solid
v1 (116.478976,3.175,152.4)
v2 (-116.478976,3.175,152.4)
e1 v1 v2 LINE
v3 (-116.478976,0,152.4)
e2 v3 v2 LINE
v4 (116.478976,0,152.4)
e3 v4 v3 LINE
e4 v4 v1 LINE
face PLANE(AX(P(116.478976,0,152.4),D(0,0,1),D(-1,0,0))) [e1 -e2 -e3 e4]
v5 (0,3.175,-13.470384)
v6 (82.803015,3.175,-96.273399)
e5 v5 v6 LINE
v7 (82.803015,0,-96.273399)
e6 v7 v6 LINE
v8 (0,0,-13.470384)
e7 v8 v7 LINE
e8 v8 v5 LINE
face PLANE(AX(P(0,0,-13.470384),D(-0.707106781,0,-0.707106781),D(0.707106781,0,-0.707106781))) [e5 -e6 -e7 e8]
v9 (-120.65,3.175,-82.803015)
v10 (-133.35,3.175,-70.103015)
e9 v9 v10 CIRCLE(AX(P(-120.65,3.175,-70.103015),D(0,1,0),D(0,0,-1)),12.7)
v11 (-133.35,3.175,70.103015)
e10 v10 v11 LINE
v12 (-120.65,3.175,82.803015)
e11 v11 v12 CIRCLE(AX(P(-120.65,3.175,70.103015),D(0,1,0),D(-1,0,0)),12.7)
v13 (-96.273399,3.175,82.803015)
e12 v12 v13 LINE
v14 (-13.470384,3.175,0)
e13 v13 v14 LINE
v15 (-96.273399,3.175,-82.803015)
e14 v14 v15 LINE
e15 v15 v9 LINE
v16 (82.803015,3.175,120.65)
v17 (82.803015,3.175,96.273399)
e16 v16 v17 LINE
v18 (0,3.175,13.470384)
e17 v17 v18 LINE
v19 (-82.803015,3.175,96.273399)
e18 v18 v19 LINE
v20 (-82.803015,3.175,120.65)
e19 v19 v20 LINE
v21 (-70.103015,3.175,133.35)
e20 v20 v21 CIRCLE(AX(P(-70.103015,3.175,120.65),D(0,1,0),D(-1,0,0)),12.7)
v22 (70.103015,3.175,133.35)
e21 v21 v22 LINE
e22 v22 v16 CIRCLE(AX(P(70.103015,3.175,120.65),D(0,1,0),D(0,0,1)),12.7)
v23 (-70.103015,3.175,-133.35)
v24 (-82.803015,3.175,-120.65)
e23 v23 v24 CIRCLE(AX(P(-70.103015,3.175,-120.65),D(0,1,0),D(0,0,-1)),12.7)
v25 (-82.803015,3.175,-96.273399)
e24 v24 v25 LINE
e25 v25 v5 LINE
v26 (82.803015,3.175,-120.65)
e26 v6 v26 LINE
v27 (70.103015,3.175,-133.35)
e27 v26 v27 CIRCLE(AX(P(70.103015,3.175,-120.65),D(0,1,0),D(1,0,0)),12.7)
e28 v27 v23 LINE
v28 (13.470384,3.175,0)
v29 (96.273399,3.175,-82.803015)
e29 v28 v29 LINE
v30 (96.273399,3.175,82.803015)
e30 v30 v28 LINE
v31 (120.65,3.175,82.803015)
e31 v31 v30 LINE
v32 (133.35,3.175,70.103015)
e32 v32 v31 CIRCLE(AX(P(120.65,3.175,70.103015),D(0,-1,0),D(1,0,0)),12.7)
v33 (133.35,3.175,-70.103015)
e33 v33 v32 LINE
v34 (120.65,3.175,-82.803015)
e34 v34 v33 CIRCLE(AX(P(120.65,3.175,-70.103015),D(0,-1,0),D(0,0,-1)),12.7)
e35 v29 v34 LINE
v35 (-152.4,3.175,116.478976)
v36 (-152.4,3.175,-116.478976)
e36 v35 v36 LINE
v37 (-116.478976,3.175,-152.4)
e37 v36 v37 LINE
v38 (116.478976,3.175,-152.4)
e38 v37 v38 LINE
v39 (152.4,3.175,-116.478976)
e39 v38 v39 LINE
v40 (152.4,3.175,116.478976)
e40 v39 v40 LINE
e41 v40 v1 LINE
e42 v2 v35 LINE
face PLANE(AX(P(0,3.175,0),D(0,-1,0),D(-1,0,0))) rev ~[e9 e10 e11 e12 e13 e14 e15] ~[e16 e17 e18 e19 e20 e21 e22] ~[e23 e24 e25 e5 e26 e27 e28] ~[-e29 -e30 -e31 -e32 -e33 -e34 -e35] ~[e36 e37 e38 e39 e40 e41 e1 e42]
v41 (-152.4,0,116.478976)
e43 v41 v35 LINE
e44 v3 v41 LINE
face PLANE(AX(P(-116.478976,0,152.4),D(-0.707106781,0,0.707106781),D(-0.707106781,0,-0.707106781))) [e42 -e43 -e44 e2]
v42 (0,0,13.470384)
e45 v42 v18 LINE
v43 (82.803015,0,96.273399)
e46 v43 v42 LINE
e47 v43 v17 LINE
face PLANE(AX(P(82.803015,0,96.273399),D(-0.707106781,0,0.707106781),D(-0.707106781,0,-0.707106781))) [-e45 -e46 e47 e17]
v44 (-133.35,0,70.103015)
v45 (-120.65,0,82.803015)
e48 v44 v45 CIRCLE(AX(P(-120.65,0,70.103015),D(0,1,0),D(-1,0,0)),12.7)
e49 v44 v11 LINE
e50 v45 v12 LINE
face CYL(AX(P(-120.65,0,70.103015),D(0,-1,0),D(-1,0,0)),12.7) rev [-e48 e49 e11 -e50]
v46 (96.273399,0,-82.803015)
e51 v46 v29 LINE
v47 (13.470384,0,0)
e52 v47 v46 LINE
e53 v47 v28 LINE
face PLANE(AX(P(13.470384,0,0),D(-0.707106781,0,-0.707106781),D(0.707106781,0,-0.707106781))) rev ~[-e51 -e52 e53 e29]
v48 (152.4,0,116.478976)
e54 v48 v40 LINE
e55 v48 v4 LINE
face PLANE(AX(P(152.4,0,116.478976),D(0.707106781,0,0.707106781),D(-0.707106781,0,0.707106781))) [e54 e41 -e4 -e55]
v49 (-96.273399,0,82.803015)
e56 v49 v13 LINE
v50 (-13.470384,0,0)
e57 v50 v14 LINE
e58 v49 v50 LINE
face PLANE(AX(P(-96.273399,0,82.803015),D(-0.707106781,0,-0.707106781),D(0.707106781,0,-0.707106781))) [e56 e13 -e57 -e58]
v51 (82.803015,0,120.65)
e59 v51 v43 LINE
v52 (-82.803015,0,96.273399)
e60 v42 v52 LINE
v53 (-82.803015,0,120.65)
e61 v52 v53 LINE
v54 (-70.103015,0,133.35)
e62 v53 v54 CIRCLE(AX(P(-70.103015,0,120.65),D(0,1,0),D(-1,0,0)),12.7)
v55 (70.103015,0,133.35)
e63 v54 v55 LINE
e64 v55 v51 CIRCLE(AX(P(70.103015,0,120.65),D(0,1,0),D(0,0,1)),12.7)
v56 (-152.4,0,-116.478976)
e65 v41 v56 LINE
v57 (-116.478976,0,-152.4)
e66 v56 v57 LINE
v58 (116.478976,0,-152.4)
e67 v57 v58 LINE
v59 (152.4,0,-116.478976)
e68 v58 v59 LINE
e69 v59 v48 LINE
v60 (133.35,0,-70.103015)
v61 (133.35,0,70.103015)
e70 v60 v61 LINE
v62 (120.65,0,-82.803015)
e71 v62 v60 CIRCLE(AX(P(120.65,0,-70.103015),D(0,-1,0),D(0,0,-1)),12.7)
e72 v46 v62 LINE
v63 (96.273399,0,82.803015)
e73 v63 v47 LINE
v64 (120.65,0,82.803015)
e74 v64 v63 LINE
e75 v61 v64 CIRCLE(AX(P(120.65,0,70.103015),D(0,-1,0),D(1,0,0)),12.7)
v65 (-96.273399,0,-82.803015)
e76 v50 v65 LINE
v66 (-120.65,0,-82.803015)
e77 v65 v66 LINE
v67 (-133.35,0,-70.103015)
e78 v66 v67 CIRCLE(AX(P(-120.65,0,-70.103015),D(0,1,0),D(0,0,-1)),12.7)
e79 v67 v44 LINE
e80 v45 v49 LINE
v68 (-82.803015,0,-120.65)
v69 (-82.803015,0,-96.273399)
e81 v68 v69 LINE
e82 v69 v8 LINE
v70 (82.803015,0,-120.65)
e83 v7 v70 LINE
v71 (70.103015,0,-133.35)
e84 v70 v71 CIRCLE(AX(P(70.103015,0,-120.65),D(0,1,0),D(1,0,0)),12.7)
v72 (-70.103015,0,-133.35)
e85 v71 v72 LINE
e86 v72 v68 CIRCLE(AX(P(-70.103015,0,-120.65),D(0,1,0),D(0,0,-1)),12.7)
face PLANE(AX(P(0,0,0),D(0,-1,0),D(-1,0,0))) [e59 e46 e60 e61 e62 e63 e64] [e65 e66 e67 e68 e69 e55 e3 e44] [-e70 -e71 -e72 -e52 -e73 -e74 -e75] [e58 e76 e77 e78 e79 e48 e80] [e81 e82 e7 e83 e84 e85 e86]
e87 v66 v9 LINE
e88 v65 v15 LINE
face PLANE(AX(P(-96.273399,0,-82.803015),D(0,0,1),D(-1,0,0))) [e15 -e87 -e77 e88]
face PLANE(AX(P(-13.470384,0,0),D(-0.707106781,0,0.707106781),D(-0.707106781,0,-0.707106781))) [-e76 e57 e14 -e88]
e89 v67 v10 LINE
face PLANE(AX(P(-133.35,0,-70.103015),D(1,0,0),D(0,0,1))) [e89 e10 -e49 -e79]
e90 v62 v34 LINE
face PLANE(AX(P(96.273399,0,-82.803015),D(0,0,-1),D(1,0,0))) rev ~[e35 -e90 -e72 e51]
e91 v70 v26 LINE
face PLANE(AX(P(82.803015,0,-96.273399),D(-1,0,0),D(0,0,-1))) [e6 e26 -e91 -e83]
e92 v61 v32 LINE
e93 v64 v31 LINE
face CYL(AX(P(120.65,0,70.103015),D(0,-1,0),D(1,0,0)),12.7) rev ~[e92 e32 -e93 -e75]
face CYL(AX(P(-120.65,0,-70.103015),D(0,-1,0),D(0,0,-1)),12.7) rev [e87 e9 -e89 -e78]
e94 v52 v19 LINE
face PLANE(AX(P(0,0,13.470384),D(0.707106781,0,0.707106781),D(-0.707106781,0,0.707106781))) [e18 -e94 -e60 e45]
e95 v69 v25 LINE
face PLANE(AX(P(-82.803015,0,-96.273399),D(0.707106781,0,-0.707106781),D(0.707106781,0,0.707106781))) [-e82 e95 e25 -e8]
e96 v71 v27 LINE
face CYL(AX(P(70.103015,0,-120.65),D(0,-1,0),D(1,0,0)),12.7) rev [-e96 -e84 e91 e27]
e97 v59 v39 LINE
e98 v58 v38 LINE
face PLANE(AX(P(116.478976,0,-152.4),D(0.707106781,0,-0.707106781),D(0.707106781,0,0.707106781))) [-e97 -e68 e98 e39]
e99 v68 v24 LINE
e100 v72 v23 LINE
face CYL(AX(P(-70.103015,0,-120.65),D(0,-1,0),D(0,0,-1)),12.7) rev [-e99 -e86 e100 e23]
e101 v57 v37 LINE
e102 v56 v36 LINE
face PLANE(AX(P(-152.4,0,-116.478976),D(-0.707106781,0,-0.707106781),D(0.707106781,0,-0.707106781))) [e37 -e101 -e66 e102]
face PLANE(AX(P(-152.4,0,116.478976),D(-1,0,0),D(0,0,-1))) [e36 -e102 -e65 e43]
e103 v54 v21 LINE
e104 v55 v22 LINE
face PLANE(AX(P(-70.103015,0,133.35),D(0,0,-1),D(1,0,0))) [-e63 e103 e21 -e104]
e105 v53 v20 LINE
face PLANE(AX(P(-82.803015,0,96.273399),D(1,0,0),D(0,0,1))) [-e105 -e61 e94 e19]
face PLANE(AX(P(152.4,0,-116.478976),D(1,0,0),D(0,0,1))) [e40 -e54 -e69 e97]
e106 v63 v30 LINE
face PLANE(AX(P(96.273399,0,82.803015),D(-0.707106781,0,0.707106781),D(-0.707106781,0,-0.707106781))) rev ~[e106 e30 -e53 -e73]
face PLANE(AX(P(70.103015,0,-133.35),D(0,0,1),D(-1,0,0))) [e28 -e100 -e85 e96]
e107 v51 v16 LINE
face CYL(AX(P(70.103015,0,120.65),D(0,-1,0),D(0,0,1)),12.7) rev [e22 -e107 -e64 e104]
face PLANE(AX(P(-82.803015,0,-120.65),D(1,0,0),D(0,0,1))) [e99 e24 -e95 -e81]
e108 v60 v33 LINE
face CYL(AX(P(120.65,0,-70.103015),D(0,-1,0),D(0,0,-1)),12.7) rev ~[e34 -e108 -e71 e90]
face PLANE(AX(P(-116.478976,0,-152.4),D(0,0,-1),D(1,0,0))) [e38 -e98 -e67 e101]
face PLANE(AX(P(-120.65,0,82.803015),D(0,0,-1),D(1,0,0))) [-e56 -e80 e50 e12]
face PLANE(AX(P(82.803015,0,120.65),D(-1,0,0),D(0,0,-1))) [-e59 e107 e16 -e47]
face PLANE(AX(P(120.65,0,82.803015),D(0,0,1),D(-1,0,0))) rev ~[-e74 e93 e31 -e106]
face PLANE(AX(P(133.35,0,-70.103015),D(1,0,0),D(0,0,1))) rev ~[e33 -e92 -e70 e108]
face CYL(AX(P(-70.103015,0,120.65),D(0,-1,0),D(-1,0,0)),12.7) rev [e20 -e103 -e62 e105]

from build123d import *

# Parameters (mm, degrees)
BOSS_EXTRUDE1_DEPTH = 3.175


with BuildPart() as part:
    # Sketch2 → Boss-Extrude1 (new body)
    with BuildSketch(Plane(origin=(0, 0, 0), x_dir=(1, 0, 0), z_dir=(0, 1, 0))):
        Polygon((-152.4, 116.478975516), (-116.478975516, 152.4), (116.478975516, 152.4), (152.4, 116.478975516), (152.4, -116.478975516), (116.478975516, -152.4), (-116.478975516, -152.4), (-152.4, -116.478975516), align=None)
        with BuildLine():
            Line((-82.803015062, 96.273399243), (0, 13.470384182))
            Line((0, 13.470384182), (82.803015062, 96.273399243))
            Line((82.803015062, 96.273399243), (82.803015062, 120.65))
            ThreePointArc((82.803015062, 120.65), (79.083271183, 129.630256121), (70.103015062, 133.35))
            Line((70.103015062, 133.35), (-70.103015062, 133.35))
            ThreePointArc((-70.103015062, 133.35), (-79.083271183, 129.630256121), (-82.803015062, 120.65))
            Line((-82.803015062, 120.65), (-82.803015062, 96.273399243))
        make_face(mode=Mode.SUBTRACT)
        with BuildLine():
            Line((-133.35, 70.103015062), (-133.35, -70.103015062))
            ThreePointArc((-133.35, -70.103015062), (-129.630256121, -79.083271183), (-120.65, -82.803015062))
            Line((-120.65, -82.803015062), (-96.273399243, -82.803015062))
            Line((-96.273399243, -82.803015062), (-13.470384182, 0))
            Line((-13.470384182, 0), (-96.273399243, 82.803015062))
            Line((-96.273399243, 82.803015062), (-120.65, 82.803015062))
            ThreePointArc((-120.65, 82.803015062), (-129.630256121, 79.083271183), (-133.35, 70.103015062))
        make_face(mode=Mode.SUBTRACT)
        with BuildLine():
            Line((96.273399243, 82.803015062), (120.65, 82.803015062))
            ThreePointArc((120.65, 82.803015062), (129.630256121, 79.083271183), (133.35, 70.103015062))
            Line((133.35, 70.103015062), (133.35, -70.103015062))
            ThreePointArc((133.35, -70.103015062), (129.630256121, -79.083271183), (120.65, -82.803015062))
            Line((120.65, -82.803015062), (96.273399243, -82.803015062))
            Line((96.273399243, -82.803015062), (13.470384182, 0))
            Line((13.470384182, 0), (96.273399243, 82.803015062))
        make_face(mode=Mode.SUBTRACT)
        with BuildLine():
            Line((-70.103015062, -133.35), (70.103015062, -133.35))
            ThreePointArc((70.103015062, -133.35), (79.083271183, -129.630256121), (82.803015062, -120.65))
            Line((82.803015062, -120.65), (82.803015062, -96.273399243))
            Line((82.803015062, -96.273399243), (0, -13.470384182))
            Line((0, -13.470384182), (-82.803015062, -96.273399243))
            Line((-82.803015062, -96.273399243), (-82.803015062, -120.65))
            ThreePointArc((-82.803015062, -120.65), (-79.083271183, -129.630256121), (-70.103015062, -133.35))
        make_face(mode=Mode.SUBTRACT)
    extrude(amount=BOSS_EXTRUDE1_DEPTH)


solid = part.part
